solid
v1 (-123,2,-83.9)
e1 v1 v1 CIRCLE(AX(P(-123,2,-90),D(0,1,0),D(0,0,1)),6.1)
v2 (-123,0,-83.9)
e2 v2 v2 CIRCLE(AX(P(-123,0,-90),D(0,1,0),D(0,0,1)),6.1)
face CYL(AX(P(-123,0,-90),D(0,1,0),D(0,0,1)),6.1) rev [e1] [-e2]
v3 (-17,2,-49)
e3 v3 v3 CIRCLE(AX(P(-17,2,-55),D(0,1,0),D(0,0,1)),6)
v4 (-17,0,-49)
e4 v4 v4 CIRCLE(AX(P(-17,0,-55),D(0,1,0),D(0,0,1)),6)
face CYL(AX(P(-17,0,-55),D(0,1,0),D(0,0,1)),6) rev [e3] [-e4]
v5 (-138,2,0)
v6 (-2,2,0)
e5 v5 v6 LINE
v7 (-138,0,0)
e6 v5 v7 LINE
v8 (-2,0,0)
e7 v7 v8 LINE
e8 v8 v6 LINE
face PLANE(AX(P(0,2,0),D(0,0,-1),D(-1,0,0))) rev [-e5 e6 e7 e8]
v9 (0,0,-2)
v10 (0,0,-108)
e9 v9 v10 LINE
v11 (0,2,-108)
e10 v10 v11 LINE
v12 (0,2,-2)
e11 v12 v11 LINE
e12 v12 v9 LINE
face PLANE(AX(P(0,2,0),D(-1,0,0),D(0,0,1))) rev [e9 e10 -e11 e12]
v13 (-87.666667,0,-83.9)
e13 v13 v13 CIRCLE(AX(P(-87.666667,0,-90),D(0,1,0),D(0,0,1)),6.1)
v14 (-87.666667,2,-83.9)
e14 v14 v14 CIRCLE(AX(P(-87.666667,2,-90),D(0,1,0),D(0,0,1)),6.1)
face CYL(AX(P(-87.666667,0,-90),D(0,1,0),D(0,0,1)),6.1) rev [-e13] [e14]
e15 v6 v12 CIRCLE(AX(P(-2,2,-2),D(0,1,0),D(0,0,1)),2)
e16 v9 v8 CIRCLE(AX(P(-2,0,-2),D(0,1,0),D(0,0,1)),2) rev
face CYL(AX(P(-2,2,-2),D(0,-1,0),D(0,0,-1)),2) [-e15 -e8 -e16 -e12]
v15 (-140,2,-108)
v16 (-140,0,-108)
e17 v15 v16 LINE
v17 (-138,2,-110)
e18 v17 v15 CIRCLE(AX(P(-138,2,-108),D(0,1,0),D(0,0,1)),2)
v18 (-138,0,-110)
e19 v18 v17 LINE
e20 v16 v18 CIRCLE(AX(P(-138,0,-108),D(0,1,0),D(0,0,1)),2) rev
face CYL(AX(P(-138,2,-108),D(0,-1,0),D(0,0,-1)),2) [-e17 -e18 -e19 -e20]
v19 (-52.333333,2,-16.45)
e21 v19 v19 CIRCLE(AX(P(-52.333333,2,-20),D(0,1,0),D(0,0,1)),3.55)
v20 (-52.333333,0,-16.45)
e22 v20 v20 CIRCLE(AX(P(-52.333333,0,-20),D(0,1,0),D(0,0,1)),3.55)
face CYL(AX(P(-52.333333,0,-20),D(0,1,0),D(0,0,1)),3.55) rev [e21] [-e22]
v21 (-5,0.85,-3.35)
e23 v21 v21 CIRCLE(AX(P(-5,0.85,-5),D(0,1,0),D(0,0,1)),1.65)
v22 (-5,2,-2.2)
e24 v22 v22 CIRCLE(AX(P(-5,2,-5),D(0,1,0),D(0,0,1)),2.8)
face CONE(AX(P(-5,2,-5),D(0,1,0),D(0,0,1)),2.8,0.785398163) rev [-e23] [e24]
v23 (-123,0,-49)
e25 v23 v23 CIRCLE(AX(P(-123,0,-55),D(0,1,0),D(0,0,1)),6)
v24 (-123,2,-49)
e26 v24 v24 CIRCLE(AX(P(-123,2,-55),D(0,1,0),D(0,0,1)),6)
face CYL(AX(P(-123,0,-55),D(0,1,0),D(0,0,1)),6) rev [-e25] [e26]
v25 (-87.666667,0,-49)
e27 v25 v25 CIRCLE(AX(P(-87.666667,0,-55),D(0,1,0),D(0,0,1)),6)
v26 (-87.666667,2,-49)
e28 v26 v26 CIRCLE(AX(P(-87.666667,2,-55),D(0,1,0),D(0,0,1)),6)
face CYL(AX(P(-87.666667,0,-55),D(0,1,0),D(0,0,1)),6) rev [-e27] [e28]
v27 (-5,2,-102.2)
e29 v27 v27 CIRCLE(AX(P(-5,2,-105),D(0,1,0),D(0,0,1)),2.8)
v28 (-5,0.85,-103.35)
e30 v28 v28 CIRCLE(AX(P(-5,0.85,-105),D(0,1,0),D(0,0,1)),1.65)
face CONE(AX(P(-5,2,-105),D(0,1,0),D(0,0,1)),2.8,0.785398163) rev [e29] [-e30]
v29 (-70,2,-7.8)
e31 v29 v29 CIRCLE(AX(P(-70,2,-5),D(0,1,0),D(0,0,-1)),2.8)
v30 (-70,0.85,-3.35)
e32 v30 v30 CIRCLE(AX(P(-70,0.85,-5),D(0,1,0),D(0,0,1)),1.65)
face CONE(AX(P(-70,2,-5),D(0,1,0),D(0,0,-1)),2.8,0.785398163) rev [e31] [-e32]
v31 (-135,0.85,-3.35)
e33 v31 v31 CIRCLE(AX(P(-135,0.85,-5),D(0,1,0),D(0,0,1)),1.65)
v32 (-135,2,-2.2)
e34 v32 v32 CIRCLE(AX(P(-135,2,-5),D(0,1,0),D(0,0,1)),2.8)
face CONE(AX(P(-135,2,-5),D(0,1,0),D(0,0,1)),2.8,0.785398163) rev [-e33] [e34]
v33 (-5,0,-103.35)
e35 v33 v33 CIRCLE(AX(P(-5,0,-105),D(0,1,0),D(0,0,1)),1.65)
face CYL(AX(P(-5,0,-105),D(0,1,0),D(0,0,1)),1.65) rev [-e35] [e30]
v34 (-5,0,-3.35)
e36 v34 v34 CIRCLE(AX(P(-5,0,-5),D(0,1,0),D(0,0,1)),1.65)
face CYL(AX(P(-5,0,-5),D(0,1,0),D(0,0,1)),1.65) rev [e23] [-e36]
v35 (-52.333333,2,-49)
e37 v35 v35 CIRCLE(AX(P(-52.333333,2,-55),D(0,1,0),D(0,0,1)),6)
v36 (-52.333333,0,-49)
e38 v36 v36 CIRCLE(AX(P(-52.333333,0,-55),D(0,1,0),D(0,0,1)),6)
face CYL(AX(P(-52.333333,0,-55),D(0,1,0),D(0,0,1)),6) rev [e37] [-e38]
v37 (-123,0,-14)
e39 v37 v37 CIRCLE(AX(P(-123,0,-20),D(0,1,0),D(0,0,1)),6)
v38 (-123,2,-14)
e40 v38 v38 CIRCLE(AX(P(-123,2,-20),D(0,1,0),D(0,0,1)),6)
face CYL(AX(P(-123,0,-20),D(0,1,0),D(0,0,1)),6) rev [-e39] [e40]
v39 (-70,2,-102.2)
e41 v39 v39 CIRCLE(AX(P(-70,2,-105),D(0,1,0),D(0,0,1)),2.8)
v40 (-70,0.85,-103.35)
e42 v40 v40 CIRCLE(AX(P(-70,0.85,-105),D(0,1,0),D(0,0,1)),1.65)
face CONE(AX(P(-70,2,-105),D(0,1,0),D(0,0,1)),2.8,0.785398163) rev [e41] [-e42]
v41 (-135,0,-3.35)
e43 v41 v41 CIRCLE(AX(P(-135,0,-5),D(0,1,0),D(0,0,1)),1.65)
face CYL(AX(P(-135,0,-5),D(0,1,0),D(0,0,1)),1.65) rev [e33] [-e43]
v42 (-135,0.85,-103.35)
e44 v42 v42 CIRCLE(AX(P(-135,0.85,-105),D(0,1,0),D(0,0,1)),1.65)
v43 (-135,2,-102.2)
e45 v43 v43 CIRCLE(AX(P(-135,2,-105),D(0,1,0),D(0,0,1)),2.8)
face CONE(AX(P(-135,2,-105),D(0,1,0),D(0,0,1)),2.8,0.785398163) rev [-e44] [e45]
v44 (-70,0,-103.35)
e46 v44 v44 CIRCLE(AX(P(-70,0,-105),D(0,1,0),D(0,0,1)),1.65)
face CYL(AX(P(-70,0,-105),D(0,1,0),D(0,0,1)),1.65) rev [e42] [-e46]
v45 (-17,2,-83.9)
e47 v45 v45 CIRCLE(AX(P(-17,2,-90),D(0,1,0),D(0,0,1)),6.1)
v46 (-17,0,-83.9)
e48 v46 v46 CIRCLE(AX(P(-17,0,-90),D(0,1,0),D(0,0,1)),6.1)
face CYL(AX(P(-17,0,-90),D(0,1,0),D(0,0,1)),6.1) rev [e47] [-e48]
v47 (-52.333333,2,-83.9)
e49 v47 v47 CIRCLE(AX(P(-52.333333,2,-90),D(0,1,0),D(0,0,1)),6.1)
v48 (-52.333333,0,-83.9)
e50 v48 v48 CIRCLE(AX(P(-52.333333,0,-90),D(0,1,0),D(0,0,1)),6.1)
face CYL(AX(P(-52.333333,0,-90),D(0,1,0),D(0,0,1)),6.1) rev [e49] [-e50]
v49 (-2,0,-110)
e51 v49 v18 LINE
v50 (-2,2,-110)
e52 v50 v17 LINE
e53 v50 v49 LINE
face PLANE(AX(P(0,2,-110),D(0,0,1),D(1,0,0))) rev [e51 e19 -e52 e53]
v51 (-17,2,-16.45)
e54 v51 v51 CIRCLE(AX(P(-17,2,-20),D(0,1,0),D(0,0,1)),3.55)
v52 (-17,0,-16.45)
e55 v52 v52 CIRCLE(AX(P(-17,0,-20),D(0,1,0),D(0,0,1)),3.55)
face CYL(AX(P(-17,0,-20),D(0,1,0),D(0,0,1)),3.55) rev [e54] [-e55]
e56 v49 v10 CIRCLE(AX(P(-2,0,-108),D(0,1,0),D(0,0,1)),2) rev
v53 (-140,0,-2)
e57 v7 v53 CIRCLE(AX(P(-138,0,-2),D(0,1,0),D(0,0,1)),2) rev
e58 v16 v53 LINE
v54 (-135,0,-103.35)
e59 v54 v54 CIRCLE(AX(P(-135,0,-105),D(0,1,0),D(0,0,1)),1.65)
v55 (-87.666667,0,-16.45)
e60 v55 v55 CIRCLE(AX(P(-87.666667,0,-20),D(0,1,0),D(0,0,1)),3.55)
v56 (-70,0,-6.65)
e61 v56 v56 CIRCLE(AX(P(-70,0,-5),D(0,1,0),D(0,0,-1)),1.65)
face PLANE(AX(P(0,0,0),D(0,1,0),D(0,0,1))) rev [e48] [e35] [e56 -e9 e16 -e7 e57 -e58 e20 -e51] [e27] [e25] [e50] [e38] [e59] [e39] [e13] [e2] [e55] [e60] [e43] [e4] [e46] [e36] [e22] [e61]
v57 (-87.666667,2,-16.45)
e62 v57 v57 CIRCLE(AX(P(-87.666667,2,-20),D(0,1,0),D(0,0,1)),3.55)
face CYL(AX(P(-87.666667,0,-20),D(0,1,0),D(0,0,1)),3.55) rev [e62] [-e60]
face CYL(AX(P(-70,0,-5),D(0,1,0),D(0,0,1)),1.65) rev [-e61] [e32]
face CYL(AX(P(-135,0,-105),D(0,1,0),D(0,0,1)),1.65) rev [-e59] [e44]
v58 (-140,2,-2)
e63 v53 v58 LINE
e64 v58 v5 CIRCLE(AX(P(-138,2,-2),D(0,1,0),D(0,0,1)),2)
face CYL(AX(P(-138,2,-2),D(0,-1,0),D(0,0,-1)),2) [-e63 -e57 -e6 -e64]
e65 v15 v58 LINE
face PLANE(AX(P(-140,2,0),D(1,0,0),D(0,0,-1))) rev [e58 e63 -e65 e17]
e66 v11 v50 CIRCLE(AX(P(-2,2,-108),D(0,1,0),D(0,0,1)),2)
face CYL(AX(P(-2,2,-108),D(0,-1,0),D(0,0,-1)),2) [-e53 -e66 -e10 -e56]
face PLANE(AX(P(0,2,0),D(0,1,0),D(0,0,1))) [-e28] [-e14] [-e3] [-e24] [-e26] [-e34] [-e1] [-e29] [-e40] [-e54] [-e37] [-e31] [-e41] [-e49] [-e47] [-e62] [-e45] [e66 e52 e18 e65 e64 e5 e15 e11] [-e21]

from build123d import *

# Parameters (mm, degrees)
BOTTOM_PLATE_W                       = 140
BOTTOM_PLATE_H                       = 110
BOTTOM_PLATE_EXT_DEPTH               = 2
MIDDLE_ROW_R                         = 6
MIDDLE_ROW_CUT_DEPTH                 = 179.056170912
TOP_ROW_R                            = 6.1
TOP_ROW_CUT_DEPTH                    = 179.056170912
BOTTOM_ROW_R                         = 3.55
BOTTOM_ROW_R_2                       = 6
BOTTOM_ROW_CUT_DEPTH                 = 179.056170912
PLATE_SCREWS_R                       = 1.65
PLATE_SCREWS_CUT_DEPTH               = 179.056170912
PLATE_SCREW_HEAD_R                   = 2.8
PLATE_SCREW_HEAD_CUT_DEPTH           = 2
PLATE_SCREW_HEAD_CUT_DRAFT           = -45
PLATE_SCREW_HEAD_CUT_PROFILE_2_DEPTH = 2
PLATE_SCREW_HEAD_CUT_PROFILE_2_DRAFT = -45
PLATE_SCREW_HEAD_CUT_PROFILE_3_DEPTH = 2
PLATE_SCREW_HEAD_CUT_PROFILE_3_DRAFT = -45
PLATE_SCREW_HEAD_CUT_PROFILE_4_DEPTH = 2
PLATE_SCREW_HEAD_CUT_PROFILE_4_DRAFT = -45
PLATE_SCREW_HEAD_CUT_PROFILE_5_DEPTH = 2
PLATE_SCREW_HEAD_CUT_PROFILE_5_DRAFT = -45
PLATE_SCREW_HEAD_CUT_PROFILE_6_DEPTH = 2
PLATE_SCREW_HEAD_CUT_PROFILE_6_DRAFT = -45
FILLET1_R                            = 2
FILLET2_R                            = 2
FILLET3_R                            = 2
FILLET4_R                            = 2


with BuildPart() as part:
    # Bottom Plate → Bottom Plate EXT (new body)
    with BuildSketch(Plane(origin=(0, 0, 0), x_dir=(1, 0, 0), z_dir=(0, 1, 0))):
        with Locations((-70, 55)):
            Rectangle(BOTTOM_PLATE_W, BOTTOM_PLATE_H)
    extrude(amount=BOTTOM_PLATE_EXT_DEPTH)

    # Middle Row → Middle Row Cut (cut, through all)
    with BuildSketch(Plane(origin=(0, 2, 0), x_dir=(1, 0, 0), z_dir=(0, 1, 0))):
        with Locations(Location((-123, 55, 0), (0, 0, 270))):
            Circle(MIDDLE_ROW_R)
        with Locations(Location((-87.666666667, 55, 0), (0, 0, 270))):
            Circle(MIDDLE_ROW_R)
        with Locations(Location((-52.333333333, 55, 0), (0, 0, 270))):
            Circle(MIDDLE_ROW_R)
        with Locations(Location((-17, 55, 0), (0, 0, 270))):
            Circle(MIDDLE_ROW_R)
    extrude(amount=-MIDDLE_ROW_CUT_DEPTH, mode=Mode.SUBTRACT)

    # Top Row → Top Row Cut (cut, through all)
    with BuildSketch(Plane(origin=(0, 2, 0), x_dir=(1, 0, 0), z_dir=(0, 1, 0))):
        with Locations(Location((-123, 90, 0), (0, 0, 270))):
            Circle(TOP_ROW_R)
        with Locations(Location((-87.666666667, 90, 0), (0, 0, 270))):
            Circle(TOP_ROW_R)
        with Locations(Location((-52.333333333, 90, 0), (0, 0, 270))):
            Circle(TOP_ROW_R)
        with Locations(Location((-17, 90, 0), (0, 0, 270))):
            Circle(TOP_ROW_R)
    extrude(amount=-TOP_ROW_CUT_DEPTH, mode=Mode.SUBTRACT)

    # Bottom Row → Bottom Row Cut (cut, through all)
    with BuildSketch(Plane(origin=(0, 2, 0), x_dir=(1, 0, 0), z_dir=(0, 1, 0))):
        with Locations(Location((-87.666666667, 20, 0), (0, 0, 270))):
            Circle(BOTTOM_ROW_R)
        with Locations(Location((-52.333333333, 20, 0), (0, 0, 270))):
            Circle(BOTTOM_ROW_R)
        with Locations(Location((-17, 20, 0), (0, 0, 270))):
            Circle(BOTTOM_ROW_R)
        with Locations(Location((-123, 20, 0), (0, 0, 270))):
            Circle(BOTTOM_ROW_R_2)
    extrude(amount=-BOTTOM_ROW_CUT_DEPTH, mode=Mode.SUBTRACT)

    # Plate Screws → Plate Screws Cut (cut, through all)
    with BuildSketch(Plane(origin=(0, 2, 0), x_dir=(1, 0, 0), z_dir=(0, 1, 0))):
        with Locations(Location((-135, 105, 0), (0, 0, 270))):
            Circle(PLATE_SCREWS_R)
        with Locations(Location((-5, 105, 0), (0, 0, 270))):
            Circle(PLATE_SCREWS_R)
        with Locations(Location((-5, 5, 0), (0, 0, 270))):
            Circle(PLATE_SCREWS_R)
        with Locations(Location((-135, 5, 0), (0, 0, 270))):
            Circle(PLATE_SCREWS_R)
        with Locations(Location((-70, 105, 0), (0, 0, 270))):
            Circle(PLATE_SCREWS_R)
        with Locations(Location((-70, 5, 0), (0, 0, 90))):
            Circle(PLATE_SCREWS_R)
    extrude(amount=-PLATE_SCREWS_CUT_DEPTH, mode=Mode.SUBTRACT)


with BuildPart() as plate_screw_head_cut_tool:
    # Plate Screw Head → Plate Screw Head Cut (with draft: the straight prism first)
    with BuildSketch(Plane(origin=(0, 2, 0), x_dir=(1, 0, 0), z_dir=(0, 1, 0))):
        with Locations((-135, 105)):
            Circle(PLATE_SCREW_HEAD_R)
    extrude(amount=-PLATE_SCREW_HEAD_CUT_DEPTH)
    # Plate Screw Head Cut: the draft: its side faces are tilted about the plane it starts from
    plate_screw_head_cut_sides = [plate_screw_head_cut_tool.faces().sort_by_distance(p)[0] for p in [
        (-137.8, 1, -105),
    ]]
    draft(plate_screw_head_cut_sides, Plane(origin=(0, 2, 0), x_dir=(1, 0, 0), z_dir=(0, 1, 0)), PLATE_SCREW_HEAD_CUT_DRAFT)


with BuildPart() as part_1:
    add(part.part)

    # Plate Screw Head Cut: cut by plate_screw_head_cut_tool
    add(plate_screw_head_cut_tool.part, mode=Mode.SUBTRACT)


with BuildPart() as plate_screw_head_cut_profile_2_tool:
    # Plate Screw Head → Plate Screw Head Cut profile 2 (with draft: the straight prism first)
    with BuildSketch(Plane(origin=(0, 2, 0), x_dir=(1, 0, 0), z_dir=(0, 1, 0))):
        with Locations((-5, 105)):
            Circle(PLATE_SCREW_HEAD_R)
    extrude(amount=-PLATE_SCREW_HEAD_CUT_PROFILE_2_DEPTH)
    # Plate Screw Head Cut profile 2: the draft: its side faces are tilted about the plane it starts from
    plate_screw_head_cut_profile_2_sides = [plate_screw_head_cut_profile_2_tool.faces().sort_by_distance(p)[0] for p in [
        (-7.8, 1, -105),
    ]]
    draft(plate_screw_head_cut_profile_2_sides, Plane(origin=(0, 2, 0), x_dir=(1, 0, 0), z_dir=(0, 1, 0)), PLATE_SCREW_HEAD_CUT_PROFILE_2_DRAFT)


with BuildPart() as part_2:
    add(part_1.part)

    # Plate Screw Head Cut profile 2: cut by plate_screw_head_cut_profile_2_tool
    add(plate_screw_head_cut_profile_2_tool.part, mode=Mode.SUBTRACT)


with BuildPart() as plate_screw_head_cut_profile_3_tool:
    # Plate Screw Head → Plate Screw Head Cut profile 3 (with draft: the straight prism first)
    with BuildSketch(Plane(origin=(0, 2, 0), x_dir=(1, 0, 0), z_dir=(0, 1, 0))):
        with Locations((-5, 5)):
            Circle(PLATE_SCREW_HEAD_R)
    extrude(amount=-PLATE_SCREW_HEAD_CUT_PROFILE_3_DEPTH)
    # Plate Screw Head Cut profile 3: the draft: its side faces are tilted about the plane it starts from
    plate_screw_head_cut_profile_3_sides = [plate_screw_head_cut_profile_3_tool.faces().sort_by_distance(p)[0] for p in [
        (-7.8, 1, -5),
    ]]
    draft(plate_screw_head_cut_profile_3_sides, Plane(origin=(0, 2, 0), x_dir=(1, 0, 0), z_dir=(0, 1, 0)), PLATE_SCREW_HEAD_CUT_PROFILE_3_DRAFT)


with BuildPart() as part_3:
    add(part_2.part)

    # Plate Screw Head Cut profile 3: cut by plate_screw_head_cut_profile_3_tool
    add(plate_screw_head_cut_profile_3_tool.part, mode=Mode.SUBTRACT)


with BuildPart() as plate_screw_head_cut_profile_4_tool:
    # Plate Screw Head → Plate Screw Head Cut profile 4 (with draft: the straight prism first)
    with BuildSketch(Plane(origin=(0, 2, 0), x_dir=(1, 0, 0), z_dir=(0, 1, 0))):
        with Locations((-135, 5)):
            Circle(PLATE_SCREW_HEAD_R)
    extrude(amount=-PLATE_SCREW_HEAD_CUT_PROFILE_4_DEPTH)
    # Plate Screw Head Cut profile 4: the draft: its side faces are tilted about the plane it starts from
    plate_screw_head_cut_profile_4_sides = [plate_screw_head_cut_profile_4_tool.faces().sort_by_distance(p)[0] for p in [
        (-137.8, 1, -5),
    ]]
    draft(plate_screw_head_cut_profile_4_sides, Plane(origin=(0, 2, 0), x_dir=(1, 0, 0), z_dir=(0, 1, 0)), PLATE_SCREW_HEAD_CUT_PROFILE_4_DRAFT)


with BuildPart() as part_4:
    add(part_3.part)

    # Plate Screw Head Cut profile 4: cut by plate_screw_head_cut_profile_4_tool
    add(plate_screw_head_cut_profile_4_tool.part, mode=Mode.SUBTRACT)


with BuildPart() as plate_screw_head_cut_profile_5_tool:
    # Plate Screw Head → Plate Screw Head Cut profile 5 (with draft: the straight prism first)
    with BuildSketch(Plane(origin=(0, 2, 0), x_dir=(1, 0, 0), z_dir=(0, 1, 0))):
        with Locations((-70, 105)):
            Circle(PLATE_SCREW_HEAD_R)
    extrude(amount=-PLATE_SCREW_HEAD_CUT_PROFILE_5_DEPTH)
    # Plate Screw Head Cut profile 5: the draft: its side faces are tilted about the plane it starts from
    plate_screw_head_cut_profile_5_sides = [plate_screw_head_cut_profile_5_tool.faces().sort_by_distance(p)[0] for p in [
        (-72.8, 1, -105),
    ]]
    draft(plate_screw_head_cut_profile_5_sides, Plane(origin=(0, 2, 0), x_dir=(1, 0, 0), z_dir=(0, 1, 0)), PLATE_SCREW_HEAD_CUT_PROFILE_5_DRAFT)


with BuildPart() as part_5:
    add(part_4.part)

    # Plate Screw Head Cut profile 5: cut by plate_screw_head_cut_profile_5_tool
    add(plate_screw_head_cut_profile_5_tool.part, mode=Mode.SUBTRACT)


with BuildPart() as plate_screw_head_cut_profile_6_tool:
    # Plate Screw Head → Plate Screw Head Cut profile 6 (with draft: the straight prism first)
    with BuildSketch(Plane(origin=(0, 2, 0), x_dir=(1, 0, 0), z_dir=(0, 1, 0))):
        with Locations((-70, 5)):
            Circle(PLATE_SCREW_HEAD_R)
    extrude(amount=-PLATE_SCREW_HEAD_CUT_PROFILE_6_DEPTH)
    # Plate Screw Head Cut profile 6: the draft: its side faces are tilted about the plane it starts from
    plate_screw_head_cut_profile_6_sides = [plate_screw_head_cut_profile_6_tool.faces().sort_by_distance(p)[0] for p in [
        (-72.8, 1, -5),
    ]]
    draft(plate_screw_head_cut_profile_6_sides, Plane(origin=(0, 2, 0), x_dir=(1, 0, 0), z_dir=(0, 1, 0)), PLATE_SCREW_HEAD_CUT_PROFILE_6_DRAFT)


with BuildPart() as part_6:
    add(part_5.part)

    # Plate Screw Head Cut profile 6: cut by plate_screw_head_cut_profile_6_tool
    add(plate_screw_head_cut_profile_6_tool.part, mode=Mode.SUBTRACT)

    # Fillet1
    fillet1_edges = [part_6.edges().sort_by_distance(p)[0] for p in [
        (-140, 1, -110),
    ]]
    fillet(fillet1_edges, radius=FILLET1_R)

    # Fillet2
    fillet2_edges = [part_6.edges().sort_by_distance(p)[0] for p in [
        (0, 1, -110),
    ]]
    fillet(fillet2_edges, radius=FILLET2_R)

    # Fillet3
    fillet3_edges = [part_6.edges().sort_by_distance(p)[0] for p in [
        (0, 1, 0),
    ]]
    fillet(fillet3_edges, radius=FILLET3_R)

    # Fillet4
    fillet4_edges = [part_6.edges().sort_by_distance(p)[0] for p in [
        (-140, 1, 0),
    ]]
    fillet(fillet4_edges, radius=FILLET4_R)


solid = part_6.part
